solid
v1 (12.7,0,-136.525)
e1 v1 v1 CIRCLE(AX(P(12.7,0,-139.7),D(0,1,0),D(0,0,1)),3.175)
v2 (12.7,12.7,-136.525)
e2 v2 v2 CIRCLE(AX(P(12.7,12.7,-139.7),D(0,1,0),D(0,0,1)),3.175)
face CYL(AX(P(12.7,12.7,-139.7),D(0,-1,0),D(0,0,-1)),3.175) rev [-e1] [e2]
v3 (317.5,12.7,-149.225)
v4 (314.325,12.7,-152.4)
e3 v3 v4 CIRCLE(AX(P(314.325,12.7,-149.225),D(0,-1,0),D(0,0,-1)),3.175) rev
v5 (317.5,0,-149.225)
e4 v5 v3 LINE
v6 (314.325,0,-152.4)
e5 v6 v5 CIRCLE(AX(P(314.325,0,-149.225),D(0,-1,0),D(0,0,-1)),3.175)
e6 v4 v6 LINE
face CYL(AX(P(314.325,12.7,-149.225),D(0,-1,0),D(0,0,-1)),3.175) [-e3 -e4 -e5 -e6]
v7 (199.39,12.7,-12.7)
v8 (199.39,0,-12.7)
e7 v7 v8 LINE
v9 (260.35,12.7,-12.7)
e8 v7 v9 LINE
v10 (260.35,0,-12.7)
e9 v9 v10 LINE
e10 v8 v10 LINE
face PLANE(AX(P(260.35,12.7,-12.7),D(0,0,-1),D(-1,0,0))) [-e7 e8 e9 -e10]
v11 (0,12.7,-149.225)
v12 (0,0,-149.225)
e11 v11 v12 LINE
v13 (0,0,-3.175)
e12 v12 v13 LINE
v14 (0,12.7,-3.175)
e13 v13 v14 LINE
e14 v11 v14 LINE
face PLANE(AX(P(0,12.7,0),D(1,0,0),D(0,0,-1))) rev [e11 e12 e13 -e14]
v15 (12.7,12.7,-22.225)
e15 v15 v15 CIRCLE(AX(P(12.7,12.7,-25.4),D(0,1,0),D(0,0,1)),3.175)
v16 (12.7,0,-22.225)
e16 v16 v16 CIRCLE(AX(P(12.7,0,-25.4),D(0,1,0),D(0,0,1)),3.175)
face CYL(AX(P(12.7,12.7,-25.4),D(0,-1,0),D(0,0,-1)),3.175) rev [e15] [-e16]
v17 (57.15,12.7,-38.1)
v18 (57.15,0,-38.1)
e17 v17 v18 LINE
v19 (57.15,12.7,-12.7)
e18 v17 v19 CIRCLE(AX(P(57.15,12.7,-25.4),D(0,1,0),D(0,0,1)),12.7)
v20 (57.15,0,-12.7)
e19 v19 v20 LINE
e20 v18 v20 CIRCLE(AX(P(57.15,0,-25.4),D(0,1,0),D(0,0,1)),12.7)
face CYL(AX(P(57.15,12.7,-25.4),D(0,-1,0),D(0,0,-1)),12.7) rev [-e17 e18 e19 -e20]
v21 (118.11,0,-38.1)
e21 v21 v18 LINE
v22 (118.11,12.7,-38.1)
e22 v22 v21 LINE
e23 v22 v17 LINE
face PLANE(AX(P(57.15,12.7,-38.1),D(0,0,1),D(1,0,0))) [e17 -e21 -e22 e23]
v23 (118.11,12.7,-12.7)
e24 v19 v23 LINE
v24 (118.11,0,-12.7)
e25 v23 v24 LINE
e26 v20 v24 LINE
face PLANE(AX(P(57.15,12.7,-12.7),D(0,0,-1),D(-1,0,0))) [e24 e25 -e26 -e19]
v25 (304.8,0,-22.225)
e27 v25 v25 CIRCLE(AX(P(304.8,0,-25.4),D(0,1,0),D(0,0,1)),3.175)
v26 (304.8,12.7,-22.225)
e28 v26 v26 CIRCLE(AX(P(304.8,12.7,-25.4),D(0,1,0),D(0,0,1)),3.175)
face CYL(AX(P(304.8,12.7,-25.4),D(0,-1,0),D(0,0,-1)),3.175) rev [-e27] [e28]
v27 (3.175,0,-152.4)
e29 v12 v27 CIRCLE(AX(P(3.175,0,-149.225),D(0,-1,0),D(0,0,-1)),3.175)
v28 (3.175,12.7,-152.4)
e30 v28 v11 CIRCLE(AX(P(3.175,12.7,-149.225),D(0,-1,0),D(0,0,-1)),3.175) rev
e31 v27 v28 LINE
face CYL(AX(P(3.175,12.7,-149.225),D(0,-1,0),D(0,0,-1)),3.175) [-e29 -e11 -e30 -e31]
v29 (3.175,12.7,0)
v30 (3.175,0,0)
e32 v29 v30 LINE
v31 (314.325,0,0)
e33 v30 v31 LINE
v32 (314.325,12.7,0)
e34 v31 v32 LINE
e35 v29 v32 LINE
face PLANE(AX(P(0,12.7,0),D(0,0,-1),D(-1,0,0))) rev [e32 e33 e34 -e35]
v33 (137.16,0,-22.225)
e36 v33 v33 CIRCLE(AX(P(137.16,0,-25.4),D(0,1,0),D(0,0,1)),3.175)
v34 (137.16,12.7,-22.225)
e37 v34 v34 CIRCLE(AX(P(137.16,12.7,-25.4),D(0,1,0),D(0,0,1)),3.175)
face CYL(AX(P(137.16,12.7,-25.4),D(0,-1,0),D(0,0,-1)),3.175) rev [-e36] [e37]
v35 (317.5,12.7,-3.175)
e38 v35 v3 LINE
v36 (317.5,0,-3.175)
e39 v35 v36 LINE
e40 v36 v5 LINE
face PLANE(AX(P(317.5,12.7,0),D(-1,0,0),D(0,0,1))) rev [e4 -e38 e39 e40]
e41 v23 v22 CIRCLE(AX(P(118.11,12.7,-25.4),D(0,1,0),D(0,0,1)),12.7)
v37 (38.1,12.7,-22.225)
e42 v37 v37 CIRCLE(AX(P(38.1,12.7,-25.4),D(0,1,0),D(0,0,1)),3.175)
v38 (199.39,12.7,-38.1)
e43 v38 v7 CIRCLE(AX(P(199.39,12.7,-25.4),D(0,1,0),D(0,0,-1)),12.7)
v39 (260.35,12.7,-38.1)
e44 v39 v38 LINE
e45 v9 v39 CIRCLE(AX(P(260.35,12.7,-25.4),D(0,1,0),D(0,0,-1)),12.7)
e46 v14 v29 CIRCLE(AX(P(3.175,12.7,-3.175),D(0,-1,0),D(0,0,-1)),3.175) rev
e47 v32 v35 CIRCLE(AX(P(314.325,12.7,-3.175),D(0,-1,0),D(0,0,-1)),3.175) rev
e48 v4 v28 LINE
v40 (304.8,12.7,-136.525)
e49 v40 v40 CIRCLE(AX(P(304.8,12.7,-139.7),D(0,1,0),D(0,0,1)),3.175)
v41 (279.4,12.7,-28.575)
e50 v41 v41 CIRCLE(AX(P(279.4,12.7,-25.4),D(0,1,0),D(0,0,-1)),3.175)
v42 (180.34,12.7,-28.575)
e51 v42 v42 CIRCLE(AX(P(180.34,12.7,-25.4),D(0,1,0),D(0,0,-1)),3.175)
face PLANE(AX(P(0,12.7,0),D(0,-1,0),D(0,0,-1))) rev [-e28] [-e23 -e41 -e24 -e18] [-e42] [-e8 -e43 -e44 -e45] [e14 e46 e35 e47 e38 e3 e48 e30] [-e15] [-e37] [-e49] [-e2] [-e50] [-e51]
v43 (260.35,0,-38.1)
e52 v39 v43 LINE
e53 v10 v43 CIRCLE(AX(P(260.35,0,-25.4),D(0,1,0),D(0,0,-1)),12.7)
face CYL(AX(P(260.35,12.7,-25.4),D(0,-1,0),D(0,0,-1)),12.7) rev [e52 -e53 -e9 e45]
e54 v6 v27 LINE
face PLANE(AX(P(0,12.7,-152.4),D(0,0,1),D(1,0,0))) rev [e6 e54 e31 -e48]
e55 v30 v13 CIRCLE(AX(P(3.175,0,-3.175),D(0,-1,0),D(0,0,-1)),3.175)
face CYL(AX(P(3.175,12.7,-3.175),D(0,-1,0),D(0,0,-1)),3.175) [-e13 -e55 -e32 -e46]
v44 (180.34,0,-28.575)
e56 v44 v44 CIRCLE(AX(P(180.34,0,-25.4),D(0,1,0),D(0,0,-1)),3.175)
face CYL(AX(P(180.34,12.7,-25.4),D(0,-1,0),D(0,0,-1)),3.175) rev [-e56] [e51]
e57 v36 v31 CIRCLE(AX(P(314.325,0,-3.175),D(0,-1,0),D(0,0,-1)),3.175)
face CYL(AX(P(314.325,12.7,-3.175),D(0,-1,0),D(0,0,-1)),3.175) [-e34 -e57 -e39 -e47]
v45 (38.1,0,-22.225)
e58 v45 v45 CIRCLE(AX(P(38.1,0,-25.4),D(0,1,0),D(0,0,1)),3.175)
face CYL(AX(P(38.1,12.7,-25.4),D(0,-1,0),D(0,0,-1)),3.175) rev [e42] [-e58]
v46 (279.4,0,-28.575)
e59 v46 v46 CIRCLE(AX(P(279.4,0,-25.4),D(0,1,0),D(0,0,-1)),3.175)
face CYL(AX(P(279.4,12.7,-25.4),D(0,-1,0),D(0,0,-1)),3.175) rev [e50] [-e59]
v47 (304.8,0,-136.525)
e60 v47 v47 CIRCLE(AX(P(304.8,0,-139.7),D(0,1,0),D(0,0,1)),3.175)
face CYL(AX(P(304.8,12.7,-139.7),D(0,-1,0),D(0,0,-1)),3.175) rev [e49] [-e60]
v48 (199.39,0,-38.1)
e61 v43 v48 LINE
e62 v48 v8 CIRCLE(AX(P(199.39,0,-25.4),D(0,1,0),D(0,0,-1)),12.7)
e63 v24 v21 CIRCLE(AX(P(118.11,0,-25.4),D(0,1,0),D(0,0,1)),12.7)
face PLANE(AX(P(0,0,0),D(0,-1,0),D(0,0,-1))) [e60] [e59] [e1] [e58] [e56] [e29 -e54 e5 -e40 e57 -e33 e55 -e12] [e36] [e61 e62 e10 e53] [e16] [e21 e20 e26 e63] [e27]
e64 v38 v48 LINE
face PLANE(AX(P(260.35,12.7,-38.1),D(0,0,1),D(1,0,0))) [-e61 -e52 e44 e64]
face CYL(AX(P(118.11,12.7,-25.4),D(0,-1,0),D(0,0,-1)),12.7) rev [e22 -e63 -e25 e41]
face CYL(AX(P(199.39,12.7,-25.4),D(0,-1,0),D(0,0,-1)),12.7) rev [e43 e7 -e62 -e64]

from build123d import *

# Parameters (mm, degrees)
SKETCH1_W           = 317.5
SKETCH1_H           = 152.4
SKETCH1_R           = 3.175
BOSS_EXTRUDE1_DEPTH = 12.7
FILLET1_R           = 3.175


with BuildPart() as part:
    # Sketch1 → Boss-Extrude1 (new body)
    with BuildSketch(Plane(origin=(0, 0, 0), x_dir=(1, 0, 0), z_dir=(0, 1, 0))):
        with Locations((158.75, 76.2)):
            Rectangle(SKETCH1_W, SKETCH1_H)
        with Locations(Location((12.7, 25.4, 0), (0, 0, 270))):
            Circle(SKETCH1_R, mode=Mode.SUBTRACT)
        with Locations(Location((12.7, 139.7, 0), (0, 0, 270))):
            Circle(SKETCH1_R, mode=Mode.SUBTRACT)
        with Locations(Location((304.8, 139.7, 0), (0, 0, 270))):
            Circle(SKETCH1_R, mode=Mode.SUBTRACT)
        with Locations(Location((304.8, 25.4, 0), (0, 0, 270))):
            Circle(SKETCH1_R, mode=Mode.SUBTRACT)
        with Locations(Location((38.1, 25.4, 0), (0, 0, 270))):
            Circle(SKETCH1_R, mode=Mode.SUBTRACT)
        with Locations(Location((137.16, 25.4, 0), (0, 0, 270))):
            Circle(SKETCH1_R, mode=Mode.SUBTRACT)
        with Locations(Location((180.34, 25.4, 0), (0, 0, 90))):
            Circle(SKETCH1_R, mode=Mode.SUBTRACT)
        with Locations(Location((279.4, 25.4, 0), (0, 0, 90))):
            Circle(SKETCH1_R, mode=Mode.SUBTRACT)
        with BuildLine():
            Line((57.15, 38.1), (118.11, 38.1))
            ThreePointArc((118.11, 38.1), (130.81, 25.4), (118.11, 12.7))
            Line((118.11, 12.7), (57.15, 12.7))
            ThreePointArc((57.15, 12.7), (44.45, 25.4), (57.15, 38.1))
        make_face(mode=Mode.SUBTRACT)
        with BuildLine():
            Line((260.35, 38.1), (199.39, 38.1))
            ThreePointArc((199.39, 38.1), (186.69, 25.4), (199.39, 12.7))
            Line((199.39, 12.7), (260.35, 12.7))
            ThreePointArc((260.35, 12.7), (273.05, 25.4), (260.35, 38.1))
        make_face(mode=Mode.SUBTRACT)
    extrude(amount=BOSS_EXTRUDE1_DEPTH)

    # Fillet1
    fillet1_edges = [part.edges().sort_by_distance(p)[0] for p in [
        (0, 6.35, -152.4),
        (317.5, 6.35, -152.4),
        (317.5, 6.35, 0),
        (0, 6.35, 0),
    ]]
    fillet(fillet1_edges, radius=FILLET1_R)


solid = part.part
